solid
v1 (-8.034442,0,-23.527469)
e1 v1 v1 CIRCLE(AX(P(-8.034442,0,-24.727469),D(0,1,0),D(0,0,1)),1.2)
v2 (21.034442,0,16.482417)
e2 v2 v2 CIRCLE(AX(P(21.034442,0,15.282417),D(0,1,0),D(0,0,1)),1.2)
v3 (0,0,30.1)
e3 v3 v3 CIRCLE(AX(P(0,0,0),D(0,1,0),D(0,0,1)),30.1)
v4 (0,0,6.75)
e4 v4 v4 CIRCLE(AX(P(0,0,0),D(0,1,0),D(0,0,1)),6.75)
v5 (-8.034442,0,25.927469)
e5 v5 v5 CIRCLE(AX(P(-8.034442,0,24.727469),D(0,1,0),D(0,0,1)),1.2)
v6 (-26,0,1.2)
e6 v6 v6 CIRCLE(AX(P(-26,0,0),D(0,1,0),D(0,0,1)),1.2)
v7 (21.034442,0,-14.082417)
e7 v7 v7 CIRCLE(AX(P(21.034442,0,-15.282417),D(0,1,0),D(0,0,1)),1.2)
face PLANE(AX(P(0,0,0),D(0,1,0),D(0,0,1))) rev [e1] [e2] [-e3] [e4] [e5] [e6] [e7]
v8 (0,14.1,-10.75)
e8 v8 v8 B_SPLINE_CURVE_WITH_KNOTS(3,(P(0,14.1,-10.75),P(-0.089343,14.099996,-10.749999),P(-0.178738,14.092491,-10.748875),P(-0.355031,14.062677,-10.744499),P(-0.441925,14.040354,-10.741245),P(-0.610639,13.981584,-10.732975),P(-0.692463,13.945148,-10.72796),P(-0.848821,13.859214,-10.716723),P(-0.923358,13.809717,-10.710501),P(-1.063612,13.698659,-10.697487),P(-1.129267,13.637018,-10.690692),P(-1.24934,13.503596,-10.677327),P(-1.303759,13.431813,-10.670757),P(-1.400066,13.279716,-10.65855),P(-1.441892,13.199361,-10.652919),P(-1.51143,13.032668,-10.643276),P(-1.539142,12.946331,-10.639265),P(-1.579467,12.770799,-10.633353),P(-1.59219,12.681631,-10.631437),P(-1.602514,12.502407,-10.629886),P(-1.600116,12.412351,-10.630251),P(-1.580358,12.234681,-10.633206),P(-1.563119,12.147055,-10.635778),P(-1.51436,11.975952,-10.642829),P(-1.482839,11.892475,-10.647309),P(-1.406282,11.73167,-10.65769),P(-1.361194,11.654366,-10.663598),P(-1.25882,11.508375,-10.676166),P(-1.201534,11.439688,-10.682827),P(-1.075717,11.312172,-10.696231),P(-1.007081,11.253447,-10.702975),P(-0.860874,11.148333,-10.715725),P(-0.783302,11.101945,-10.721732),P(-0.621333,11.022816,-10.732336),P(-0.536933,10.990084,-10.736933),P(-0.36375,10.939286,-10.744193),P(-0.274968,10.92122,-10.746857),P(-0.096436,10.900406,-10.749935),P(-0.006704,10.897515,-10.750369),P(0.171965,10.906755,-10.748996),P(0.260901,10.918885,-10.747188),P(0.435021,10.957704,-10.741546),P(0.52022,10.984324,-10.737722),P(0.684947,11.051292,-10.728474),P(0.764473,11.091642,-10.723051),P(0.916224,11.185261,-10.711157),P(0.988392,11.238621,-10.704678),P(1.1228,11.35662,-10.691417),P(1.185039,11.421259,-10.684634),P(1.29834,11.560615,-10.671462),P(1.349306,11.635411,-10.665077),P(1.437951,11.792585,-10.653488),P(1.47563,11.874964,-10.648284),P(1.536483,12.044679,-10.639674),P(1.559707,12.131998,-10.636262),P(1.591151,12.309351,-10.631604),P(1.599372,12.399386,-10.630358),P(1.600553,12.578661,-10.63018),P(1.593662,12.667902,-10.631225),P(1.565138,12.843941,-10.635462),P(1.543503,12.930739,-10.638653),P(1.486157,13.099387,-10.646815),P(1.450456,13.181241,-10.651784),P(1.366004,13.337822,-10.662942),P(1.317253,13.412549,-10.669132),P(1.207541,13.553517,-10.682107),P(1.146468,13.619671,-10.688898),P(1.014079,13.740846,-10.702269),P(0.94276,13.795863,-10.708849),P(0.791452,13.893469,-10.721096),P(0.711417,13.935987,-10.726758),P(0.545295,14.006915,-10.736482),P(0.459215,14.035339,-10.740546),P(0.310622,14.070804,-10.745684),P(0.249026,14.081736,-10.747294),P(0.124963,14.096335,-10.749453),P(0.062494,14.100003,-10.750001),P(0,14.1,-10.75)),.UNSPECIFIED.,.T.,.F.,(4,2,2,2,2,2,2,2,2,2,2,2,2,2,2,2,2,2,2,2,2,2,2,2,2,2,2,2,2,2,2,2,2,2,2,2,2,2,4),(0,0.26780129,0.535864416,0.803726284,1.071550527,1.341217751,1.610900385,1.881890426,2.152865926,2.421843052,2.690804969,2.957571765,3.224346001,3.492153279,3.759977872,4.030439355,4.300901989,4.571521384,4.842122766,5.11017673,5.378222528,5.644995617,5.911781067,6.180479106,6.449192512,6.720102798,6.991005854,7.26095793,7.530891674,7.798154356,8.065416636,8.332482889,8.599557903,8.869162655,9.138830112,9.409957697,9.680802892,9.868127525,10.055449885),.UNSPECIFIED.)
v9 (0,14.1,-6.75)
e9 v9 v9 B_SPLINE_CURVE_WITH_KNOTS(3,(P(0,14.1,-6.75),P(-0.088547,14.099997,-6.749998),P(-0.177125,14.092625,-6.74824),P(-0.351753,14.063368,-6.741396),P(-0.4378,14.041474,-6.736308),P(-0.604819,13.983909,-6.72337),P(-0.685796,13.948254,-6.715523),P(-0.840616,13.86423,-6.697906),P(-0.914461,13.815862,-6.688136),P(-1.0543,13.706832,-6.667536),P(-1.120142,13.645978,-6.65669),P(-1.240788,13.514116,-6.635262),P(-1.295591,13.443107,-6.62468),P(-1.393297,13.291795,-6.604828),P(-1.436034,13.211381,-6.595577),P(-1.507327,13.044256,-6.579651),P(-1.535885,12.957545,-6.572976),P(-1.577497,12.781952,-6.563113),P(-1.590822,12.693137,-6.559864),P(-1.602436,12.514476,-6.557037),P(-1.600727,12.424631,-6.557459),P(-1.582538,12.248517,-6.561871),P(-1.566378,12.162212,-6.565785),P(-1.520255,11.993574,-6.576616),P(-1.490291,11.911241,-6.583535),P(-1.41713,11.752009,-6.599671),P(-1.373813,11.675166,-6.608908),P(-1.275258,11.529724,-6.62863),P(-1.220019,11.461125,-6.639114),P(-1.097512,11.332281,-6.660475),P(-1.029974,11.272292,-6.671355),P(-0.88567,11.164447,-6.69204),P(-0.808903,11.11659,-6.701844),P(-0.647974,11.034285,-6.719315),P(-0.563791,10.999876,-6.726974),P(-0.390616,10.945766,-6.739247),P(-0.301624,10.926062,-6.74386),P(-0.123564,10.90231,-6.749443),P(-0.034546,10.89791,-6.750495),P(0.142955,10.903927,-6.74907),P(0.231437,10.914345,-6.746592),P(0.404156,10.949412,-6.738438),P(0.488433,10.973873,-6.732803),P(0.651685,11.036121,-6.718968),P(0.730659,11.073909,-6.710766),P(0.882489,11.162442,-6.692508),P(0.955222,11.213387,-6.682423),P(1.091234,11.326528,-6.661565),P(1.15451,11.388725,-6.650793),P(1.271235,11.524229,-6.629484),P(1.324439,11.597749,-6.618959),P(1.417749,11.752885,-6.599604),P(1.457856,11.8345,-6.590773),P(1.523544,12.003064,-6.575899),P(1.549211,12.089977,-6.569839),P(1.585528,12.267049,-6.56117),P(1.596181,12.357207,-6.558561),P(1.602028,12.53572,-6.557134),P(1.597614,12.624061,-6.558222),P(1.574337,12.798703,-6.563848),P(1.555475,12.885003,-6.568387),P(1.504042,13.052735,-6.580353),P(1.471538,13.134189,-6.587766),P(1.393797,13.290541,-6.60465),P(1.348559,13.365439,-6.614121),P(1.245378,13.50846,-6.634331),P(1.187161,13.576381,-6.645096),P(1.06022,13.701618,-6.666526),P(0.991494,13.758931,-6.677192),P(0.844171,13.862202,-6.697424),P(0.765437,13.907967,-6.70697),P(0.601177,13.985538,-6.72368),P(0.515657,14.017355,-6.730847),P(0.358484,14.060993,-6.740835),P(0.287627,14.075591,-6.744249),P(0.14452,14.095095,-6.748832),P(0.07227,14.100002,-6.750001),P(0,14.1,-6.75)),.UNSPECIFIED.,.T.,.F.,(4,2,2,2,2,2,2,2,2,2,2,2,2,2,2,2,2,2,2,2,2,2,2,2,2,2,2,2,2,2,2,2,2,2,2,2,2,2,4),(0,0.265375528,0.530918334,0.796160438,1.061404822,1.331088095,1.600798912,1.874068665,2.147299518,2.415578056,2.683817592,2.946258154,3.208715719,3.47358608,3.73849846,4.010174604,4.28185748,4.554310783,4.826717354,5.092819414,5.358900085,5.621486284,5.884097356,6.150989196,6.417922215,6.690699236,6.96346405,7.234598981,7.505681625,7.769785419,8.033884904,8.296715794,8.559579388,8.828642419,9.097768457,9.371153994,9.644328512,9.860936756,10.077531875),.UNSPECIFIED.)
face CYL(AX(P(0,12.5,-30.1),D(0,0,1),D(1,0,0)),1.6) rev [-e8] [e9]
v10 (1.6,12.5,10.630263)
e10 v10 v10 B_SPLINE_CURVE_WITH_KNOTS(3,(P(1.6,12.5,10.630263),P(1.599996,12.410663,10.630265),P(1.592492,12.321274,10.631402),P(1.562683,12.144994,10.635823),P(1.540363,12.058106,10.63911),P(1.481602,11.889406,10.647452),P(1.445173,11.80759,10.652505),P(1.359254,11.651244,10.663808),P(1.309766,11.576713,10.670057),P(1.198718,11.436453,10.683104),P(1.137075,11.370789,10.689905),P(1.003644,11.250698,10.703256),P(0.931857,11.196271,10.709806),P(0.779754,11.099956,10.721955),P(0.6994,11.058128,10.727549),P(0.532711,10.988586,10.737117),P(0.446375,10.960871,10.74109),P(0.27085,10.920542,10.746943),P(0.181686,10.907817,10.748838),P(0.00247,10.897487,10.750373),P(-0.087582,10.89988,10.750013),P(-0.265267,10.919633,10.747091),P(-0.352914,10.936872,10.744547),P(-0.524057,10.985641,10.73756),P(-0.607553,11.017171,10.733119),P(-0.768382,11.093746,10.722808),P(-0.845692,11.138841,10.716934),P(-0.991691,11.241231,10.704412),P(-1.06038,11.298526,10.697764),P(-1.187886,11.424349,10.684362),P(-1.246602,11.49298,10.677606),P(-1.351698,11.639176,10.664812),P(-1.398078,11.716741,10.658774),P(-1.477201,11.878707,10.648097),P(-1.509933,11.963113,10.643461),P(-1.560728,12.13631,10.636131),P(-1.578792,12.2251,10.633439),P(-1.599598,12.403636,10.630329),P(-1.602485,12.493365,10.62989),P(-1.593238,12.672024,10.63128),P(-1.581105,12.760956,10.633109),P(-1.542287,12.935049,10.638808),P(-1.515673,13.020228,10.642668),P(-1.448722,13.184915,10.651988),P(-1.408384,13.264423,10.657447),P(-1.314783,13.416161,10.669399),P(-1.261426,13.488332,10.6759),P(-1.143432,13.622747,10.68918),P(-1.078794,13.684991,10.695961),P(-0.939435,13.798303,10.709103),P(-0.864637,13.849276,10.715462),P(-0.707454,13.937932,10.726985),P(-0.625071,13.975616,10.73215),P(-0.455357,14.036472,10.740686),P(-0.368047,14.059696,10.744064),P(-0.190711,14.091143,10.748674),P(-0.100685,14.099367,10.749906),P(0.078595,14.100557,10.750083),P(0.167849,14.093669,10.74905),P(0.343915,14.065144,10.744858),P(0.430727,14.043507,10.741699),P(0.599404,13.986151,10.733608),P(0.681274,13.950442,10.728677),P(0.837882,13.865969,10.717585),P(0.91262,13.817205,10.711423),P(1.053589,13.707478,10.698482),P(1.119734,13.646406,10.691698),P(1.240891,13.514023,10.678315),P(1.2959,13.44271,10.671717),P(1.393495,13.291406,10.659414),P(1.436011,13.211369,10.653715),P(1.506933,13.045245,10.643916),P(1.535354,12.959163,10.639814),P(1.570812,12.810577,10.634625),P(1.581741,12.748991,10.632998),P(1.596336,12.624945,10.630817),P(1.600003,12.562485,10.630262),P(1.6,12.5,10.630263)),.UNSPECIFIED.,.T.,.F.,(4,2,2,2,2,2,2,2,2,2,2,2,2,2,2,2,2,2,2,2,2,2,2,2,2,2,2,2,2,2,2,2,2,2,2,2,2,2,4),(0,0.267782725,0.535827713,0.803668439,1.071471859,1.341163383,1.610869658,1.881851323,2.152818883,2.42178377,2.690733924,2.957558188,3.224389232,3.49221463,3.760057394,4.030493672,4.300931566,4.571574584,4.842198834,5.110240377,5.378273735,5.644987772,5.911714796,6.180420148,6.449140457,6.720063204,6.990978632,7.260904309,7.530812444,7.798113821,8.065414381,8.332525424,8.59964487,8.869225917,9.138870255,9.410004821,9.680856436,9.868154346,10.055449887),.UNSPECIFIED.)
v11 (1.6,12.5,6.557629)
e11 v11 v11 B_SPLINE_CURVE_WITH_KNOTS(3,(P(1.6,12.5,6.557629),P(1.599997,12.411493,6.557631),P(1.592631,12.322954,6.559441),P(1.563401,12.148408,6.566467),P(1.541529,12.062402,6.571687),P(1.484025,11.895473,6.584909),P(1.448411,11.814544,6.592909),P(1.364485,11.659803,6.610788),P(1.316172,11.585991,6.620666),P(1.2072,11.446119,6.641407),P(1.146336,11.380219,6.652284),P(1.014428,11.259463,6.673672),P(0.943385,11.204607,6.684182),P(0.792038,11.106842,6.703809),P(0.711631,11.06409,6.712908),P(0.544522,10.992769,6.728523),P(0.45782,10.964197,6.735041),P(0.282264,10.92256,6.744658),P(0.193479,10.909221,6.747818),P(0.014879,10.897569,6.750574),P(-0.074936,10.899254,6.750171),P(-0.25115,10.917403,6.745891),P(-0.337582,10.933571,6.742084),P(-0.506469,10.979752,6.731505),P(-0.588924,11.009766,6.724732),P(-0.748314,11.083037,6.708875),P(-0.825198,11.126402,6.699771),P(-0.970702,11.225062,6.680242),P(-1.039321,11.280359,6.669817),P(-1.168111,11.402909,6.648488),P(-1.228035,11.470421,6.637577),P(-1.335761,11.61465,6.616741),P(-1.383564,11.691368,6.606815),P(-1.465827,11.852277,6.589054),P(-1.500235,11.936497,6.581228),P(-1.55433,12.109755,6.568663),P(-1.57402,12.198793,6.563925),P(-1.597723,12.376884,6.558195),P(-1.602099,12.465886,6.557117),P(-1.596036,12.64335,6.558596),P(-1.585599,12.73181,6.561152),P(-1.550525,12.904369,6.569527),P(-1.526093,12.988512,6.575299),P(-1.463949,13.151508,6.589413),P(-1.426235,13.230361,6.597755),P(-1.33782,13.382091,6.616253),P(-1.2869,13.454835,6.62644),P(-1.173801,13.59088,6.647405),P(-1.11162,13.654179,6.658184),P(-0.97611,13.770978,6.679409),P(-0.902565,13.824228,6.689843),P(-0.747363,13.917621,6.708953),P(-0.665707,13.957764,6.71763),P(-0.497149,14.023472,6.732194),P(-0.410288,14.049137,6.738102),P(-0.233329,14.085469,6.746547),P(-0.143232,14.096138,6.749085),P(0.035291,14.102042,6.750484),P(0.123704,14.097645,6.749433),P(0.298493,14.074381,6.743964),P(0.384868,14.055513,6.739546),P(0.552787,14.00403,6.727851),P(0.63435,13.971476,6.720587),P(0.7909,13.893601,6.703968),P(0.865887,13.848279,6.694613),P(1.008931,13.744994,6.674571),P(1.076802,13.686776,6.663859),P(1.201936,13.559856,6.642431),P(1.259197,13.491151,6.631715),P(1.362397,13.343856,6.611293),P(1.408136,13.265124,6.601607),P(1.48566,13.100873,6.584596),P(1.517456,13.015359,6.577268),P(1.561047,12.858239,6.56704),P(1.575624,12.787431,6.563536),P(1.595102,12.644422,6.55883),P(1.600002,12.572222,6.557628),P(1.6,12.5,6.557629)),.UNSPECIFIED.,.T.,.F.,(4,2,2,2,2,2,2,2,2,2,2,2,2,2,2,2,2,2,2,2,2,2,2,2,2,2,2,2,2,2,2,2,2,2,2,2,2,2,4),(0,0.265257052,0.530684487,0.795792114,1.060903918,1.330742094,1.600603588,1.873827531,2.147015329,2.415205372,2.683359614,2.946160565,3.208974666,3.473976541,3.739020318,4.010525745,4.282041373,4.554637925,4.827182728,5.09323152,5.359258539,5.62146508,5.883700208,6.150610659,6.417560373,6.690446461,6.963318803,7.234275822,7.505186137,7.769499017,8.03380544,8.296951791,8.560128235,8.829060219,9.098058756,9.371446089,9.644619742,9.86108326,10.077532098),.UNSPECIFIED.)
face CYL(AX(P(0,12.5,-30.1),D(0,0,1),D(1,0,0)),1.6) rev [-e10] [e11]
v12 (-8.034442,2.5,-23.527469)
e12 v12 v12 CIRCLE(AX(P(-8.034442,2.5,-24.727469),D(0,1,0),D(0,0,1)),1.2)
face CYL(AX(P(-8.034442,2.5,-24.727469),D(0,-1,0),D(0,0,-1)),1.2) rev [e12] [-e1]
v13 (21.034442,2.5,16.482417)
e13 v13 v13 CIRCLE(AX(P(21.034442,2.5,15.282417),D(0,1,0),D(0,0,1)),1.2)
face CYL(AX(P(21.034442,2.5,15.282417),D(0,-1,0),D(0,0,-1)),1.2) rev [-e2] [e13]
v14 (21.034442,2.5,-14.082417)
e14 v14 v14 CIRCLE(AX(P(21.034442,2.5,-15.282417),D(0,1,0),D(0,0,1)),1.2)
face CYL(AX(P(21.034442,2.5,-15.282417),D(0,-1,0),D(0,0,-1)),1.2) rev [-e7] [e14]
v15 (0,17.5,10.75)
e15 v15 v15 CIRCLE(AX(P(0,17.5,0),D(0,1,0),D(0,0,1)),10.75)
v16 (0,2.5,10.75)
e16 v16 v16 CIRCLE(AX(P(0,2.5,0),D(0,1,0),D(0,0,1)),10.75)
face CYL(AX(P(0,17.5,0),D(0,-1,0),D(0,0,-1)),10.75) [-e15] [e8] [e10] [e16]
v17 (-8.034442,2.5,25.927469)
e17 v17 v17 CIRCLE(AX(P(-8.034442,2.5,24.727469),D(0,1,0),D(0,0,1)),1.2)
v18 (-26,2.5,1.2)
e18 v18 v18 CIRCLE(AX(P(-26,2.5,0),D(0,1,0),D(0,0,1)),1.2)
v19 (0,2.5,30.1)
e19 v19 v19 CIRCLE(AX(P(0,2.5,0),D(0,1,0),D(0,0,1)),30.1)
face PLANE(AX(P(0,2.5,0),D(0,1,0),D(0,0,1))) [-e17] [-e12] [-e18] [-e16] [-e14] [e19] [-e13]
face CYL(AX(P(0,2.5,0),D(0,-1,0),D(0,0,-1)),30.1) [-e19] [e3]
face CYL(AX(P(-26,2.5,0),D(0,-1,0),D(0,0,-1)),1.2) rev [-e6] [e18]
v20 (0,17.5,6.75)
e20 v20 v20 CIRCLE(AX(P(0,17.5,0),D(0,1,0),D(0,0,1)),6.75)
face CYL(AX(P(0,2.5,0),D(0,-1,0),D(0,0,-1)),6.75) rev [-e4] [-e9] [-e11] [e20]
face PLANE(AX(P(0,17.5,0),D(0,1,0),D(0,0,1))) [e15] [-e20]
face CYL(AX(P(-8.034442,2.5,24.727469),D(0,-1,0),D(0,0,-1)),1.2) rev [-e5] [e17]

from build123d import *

# Parameters (mm, degrees)
SKETCH1_R               = 30.1
SKETCH1_R_2             = 1.2
SKETCH1_R_3             = 6.75
BOSS_EXTRUDE1_DEPTH     = 2.5
SKETCH2_R               = 10.75
SKETCH2_R_2             = 6.75
BOSS_EXTRUDE2_DEPTH     = 15
CUT_EXTRUDE1_DEPTH      = 47.024667299
CUT_EXTRUDE1_DEPTH_BACK = 47.024667299
SKETCH3_R               = 1.6


with BuildPart() as part:
    # Sketch1 → Boss-Extrude1 (new body)
    with BuildSketch(Plane(origin=(0, 0, 0), x_dir=(1, 0, 0), z_dir=(0, 1, 0))):
        with Locations(Location((0, 0, 0), (0, 0, 270))):
            Circle(SKETCH1_R)
        with Locations(Location((-26, 0, 0), (0, 0, 270))):
            Circle(SKETCH1_R_2, mode=Mode.SUBTRACT)
        with Locations(Location((-8.034441854, 24.727469424, 0), (0, 0, 270))):
            Circle(SKETCH1_R_2, mode=Mode.SUBTRACT)
        with Locations(Location((21.034441854, 15.28241656, 0), (0, 0, 270))):
            Circle(SKETCH1_R_2, mode=Mode.SUBTRACT)
        with Locations(Location((21.034441854, -15.28241656, 0), (0, 0, 270))):
            Circle(SKETCH1_R_2, mode=Mode.SUBTRACT)
        with Locations(Location((-8.034441854, -24.727469424, 0), (0, 0, 270))):
            Circle(SKETCH1_R_2, mode=Mode.SUBTRACT)
        with Locations(Location((0, 0, 0), (0, 0, 270))):
            Circle(SKETCH1_R_3, mode=Mode.SUBTRACT)
    extrude(amount=BOSS_EXTRUDE1_DEPTH)

    # Sketch2 → Boss-Extrude2 (add)
    with BuildSketch(Plane(origin=(0, 2.5, 0), x_dir=(1, 0, 0), z_dir=(0, 1, 0))):
        with Locations(Location((0, 0, 0), (0, 0, 270))):
            Circle(SKETCH2_R)
        with Locations(Location((0, 0, 0), (0, 0, 270))):
            Circle(SKETCH2_R_2, mode=Mode.SUBTRACT)
    extrude(amount=BOSS_EXTRUDE2_DEPTH)

    # Sketch3 → Cut-Extrude1 (cut, two sides: drawn at the far end of the back side and taken through both)
    with BuildSketch(Plane.XY.offset(-CUT_EXTRUDE1_DEPTH_BACK)):
        with Locations((0, 12.5)):
            Circle(SKETCH3_R)
    extrude(amount=CUT_EXTRUDE1_DEPTH + CUT_EXTRUDE1_DEPTH_BACK, mode=Mode.SUBTRACT)


solid = part.part
